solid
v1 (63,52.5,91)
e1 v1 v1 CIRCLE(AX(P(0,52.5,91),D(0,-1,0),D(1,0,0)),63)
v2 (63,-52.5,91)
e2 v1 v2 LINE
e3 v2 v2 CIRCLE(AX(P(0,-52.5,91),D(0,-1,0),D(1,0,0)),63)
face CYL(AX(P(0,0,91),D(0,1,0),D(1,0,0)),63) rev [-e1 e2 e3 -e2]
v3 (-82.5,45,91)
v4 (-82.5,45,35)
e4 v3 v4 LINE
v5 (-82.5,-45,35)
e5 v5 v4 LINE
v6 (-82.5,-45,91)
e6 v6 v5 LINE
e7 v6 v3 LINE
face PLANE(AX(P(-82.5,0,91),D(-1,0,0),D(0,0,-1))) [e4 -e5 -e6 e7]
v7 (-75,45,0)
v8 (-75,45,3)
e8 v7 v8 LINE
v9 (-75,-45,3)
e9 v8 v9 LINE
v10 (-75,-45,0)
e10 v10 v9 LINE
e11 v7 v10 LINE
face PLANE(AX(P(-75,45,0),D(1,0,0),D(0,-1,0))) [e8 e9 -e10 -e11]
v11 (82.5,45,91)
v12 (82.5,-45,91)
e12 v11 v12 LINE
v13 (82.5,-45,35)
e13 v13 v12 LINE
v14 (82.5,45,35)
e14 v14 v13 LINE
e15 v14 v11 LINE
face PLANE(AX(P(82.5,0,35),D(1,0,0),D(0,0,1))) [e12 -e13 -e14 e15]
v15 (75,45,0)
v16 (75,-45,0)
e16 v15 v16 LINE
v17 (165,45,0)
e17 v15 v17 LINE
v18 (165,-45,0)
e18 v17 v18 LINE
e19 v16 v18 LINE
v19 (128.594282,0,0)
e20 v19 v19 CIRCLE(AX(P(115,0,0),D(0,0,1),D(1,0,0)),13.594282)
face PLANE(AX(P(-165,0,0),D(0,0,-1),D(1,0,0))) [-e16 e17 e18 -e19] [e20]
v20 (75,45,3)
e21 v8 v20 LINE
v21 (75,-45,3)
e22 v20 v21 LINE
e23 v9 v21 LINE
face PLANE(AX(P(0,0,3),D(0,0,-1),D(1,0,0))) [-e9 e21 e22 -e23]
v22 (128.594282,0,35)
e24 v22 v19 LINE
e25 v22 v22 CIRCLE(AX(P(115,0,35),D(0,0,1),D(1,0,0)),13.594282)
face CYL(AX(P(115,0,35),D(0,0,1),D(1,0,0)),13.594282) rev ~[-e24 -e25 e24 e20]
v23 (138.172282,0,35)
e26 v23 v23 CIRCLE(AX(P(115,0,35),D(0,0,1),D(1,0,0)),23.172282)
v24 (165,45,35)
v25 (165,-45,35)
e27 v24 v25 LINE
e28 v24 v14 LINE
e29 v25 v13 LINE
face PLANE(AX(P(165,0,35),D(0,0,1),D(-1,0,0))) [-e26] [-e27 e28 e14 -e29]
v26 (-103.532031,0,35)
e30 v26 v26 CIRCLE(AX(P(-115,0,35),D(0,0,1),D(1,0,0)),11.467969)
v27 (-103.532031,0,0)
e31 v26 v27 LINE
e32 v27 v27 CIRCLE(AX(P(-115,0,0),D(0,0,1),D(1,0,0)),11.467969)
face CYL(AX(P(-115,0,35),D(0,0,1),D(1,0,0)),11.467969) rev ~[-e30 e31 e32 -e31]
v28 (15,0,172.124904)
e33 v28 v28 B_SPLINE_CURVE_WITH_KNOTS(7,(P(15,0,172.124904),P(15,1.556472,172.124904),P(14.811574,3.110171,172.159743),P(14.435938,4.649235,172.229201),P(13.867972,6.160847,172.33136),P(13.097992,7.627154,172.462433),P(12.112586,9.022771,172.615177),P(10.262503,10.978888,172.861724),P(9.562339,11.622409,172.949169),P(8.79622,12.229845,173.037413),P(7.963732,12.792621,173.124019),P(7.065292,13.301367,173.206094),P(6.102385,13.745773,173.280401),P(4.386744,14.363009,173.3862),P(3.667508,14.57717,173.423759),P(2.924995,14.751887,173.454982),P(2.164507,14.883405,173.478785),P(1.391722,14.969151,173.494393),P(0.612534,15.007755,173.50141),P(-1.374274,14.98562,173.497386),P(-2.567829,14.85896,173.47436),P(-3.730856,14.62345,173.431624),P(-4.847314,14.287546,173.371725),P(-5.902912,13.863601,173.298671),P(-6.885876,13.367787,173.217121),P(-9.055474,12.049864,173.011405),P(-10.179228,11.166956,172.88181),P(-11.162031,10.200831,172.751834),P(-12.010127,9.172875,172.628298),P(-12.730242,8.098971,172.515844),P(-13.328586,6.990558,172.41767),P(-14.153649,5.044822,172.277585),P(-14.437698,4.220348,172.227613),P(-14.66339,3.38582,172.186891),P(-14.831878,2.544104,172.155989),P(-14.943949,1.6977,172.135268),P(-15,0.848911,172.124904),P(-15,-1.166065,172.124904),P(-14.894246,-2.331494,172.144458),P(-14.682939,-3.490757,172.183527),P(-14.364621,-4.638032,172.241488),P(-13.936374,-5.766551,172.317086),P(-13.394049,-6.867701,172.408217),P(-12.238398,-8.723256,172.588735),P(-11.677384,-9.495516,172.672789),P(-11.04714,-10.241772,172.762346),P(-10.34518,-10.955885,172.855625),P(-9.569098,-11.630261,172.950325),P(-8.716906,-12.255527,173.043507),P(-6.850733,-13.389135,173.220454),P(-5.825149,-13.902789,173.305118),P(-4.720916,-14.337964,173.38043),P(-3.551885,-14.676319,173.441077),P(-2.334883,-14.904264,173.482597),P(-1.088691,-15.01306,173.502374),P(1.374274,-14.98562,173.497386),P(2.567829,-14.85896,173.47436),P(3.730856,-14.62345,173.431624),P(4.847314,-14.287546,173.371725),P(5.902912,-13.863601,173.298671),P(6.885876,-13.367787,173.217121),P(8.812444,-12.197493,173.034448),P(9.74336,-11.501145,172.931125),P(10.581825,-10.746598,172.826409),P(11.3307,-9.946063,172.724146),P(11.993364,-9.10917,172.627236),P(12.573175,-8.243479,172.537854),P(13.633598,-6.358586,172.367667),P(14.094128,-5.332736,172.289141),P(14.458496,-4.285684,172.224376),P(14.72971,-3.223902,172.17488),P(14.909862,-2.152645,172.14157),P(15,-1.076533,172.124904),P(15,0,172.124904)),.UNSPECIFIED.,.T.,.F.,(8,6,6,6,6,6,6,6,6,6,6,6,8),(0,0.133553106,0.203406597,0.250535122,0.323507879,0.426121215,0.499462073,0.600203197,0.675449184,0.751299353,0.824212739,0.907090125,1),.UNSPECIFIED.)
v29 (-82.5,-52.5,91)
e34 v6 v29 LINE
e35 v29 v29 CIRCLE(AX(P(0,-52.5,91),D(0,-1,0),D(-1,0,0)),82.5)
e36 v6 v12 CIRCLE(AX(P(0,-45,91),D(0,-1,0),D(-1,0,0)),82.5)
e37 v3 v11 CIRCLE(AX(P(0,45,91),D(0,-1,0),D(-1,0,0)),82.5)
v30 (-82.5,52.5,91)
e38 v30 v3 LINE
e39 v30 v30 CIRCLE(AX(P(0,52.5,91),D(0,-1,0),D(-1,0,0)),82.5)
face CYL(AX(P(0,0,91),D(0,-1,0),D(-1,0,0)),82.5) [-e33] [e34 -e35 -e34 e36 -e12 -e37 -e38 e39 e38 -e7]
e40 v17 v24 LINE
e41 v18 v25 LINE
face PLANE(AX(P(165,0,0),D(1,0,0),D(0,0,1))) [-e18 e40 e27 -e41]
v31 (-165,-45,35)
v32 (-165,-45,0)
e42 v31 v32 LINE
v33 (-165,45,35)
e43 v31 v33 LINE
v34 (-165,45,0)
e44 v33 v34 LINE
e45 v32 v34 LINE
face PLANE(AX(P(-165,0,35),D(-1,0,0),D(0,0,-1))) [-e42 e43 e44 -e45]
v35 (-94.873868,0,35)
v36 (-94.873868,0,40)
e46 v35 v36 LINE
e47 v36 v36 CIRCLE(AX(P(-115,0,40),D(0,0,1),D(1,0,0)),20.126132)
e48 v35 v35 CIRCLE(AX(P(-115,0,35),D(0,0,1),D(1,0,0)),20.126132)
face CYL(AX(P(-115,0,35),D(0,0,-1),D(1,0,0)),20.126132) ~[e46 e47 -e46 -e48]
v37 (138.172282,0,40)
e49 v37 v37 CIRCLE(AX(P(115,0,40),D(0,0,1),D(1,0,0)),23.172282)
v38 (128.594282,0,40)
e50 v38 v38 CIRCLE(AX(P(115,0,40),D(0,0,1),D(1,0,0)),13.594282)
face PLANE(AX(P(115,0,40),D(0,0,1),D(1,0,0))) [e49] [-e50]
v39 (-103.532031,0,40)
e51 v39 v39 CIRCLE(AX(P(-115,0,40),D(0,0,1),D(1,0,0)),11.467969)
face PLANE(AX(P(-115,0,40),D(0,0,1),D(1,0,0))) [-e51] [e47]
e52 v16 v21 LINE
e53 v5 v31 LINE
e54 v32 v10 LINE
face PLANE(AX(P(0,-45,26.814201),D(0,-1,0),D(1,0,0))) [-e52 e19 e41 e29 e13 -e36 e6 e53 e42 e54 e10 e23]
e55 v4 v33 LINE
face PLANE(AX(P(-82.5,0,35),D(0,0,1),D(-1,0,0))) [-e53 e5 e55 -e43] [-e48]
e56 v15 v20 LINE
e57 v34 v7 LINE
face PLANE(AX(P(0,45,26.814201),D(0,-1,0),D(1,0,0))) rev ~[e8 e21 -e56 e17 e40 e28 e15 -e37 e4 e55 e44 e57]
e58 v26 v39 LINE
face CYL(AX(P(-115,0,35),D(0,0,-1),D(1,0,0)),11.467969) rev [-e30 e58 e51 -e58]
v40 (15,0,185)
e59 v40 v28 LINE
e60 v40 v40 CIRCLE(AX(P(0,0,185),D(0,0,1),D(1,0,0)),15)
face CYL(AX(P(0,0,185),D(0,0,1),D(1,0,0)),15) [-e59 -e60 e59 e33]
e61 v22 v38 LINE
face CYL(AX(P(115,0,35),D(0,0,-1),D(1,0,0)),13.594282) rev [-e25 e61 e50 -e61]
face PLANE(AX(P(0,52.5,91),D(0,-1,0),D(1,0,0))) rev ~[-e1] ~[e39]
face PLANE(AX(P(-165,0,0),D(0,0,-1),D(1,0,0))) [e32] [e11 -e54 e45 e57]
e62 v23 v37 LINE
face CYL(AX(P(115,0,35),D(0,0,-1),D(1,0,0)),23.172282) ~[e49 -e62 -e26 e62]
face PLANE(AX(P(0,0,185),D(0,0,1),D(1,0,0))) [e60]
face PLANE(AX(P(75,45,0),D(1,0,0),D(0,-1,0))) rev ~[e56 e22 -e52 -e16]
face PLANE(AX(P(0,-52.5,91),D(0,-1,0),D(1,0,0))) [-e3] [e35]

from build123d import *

# Parameters (mm, degrees)
F0_R      = 63
F1_DEPTH  = 52.5
F2_DEPTH  = 45
F3_R      = 13.5942815287
F4_DEPTH  = 50
F3_R_2    = 20.1261319814
F3_R_3    = 11.4679685697
F3_R_4    = 23.1722823774
F5_DEPTH  = 5
F6_DEPTH  = 50
F7_W      = 150
F7_H      = 90
F8_DEPTH  = 3
F10_R     = 15
F11_DEPTH = 25


with BuildPart() as f1:
    # F0 (on Front) → F1 (new body, symmetric)
    with BuildSketch(Plane.XZ):
        with BuildLine():
            ThreePointArc((82.5, 91), (0, 173.5), (-82.5, 91))
            ThreePointArc((-82.5, 91), (0, 8.5), (82.5, 91))
        make_face()
        with Locations((0, 91)):
            Circle(F0_R, mode=Mode.SUBTRACT)
    extrude(amount=F1_DEPTH, both=True)

    # F0 (on Front) → F2 (join, symmetric)
    with BuildSketch(Plane.XZ):
        with BuildLine():
            Line((-165, 0), (0, 0))
            Line((0, 0), (165, 0))
            Line((165, 0), (165, 35))
            Line((165, 35), (82.5, 35))
            Line((82.5, 35), (82.5, 91))
            ThreePointArc((82.5, 91), (0, 8.5), (-82.5, 91))
            Line((-82.5, 91), (-82.5, 35))
            Line((-82.5, 35), (-165, 35))
            Line((-165, 35), (-165, 0))
        make_face()
        with BuildLine():
            ThreePointArc((82.5, 91), (0, 173.5), (-82.5, 91))
            ThreePointArc((-82.5, 91), (0, 8.5), (82.5, 91))
        make_face()
        with Locations((0, 91)):
            Circle(F0_R, mode=Mode.SUBTRACT)
    extrude(amount=F2_DEPTH, both=True)

    # F3 (on face) → F4 (cut)
    with BuildSketch(Plane.XY.offset(35)):
        with Locations((115, 0)):
            Circle(F3_R)
    extrude(amount=-F4_DEPTH, mode=Mode.SUBTRACT)

    # F3 (on face) → F5 (join)
    with BuildSketch(Plane.XY.offset(35)):
        with Locations((-115, 0)):
            Circle(F3_R_2)
        with Locations((-115, 0)):
            Circle(F3_R_3, mode=Mode.SUBTRACT)
        with Locations((115, 0)):
            Circle(F3_R_4)
        with Locations((115, 0)):
            Circle(F3_R, mode=Mode.SUBTRACT)
    extrude(amount=F5_DEPTH)

    # F6 (cut): a face of the model
    f6_faces = [f1.faces().sort_by_distance(p)[0] for p in [
        (-115, 0, 35),
    ]]
    extrude(f6_faces, amount=-F6_DEPTH, mode=Mode.SUBTRACT)

    # F7 (on face) → F8 (cut)
    with BuildSketch(Plane(origin=(0, 0, 0), x_dir=(1, 0, 0), z_dir=(0, 0, -1))):
        Rectangle(F7_W, F7_H)
    extrude(amount=-F8_DEPTH, mode=Mode.SUBTRACT)

    # F10 (on offset) → F11 (join)
    with BuildSketch(Plane.XY.offset(185)):
        Circle(F10_R)
    extrude(amount=-F11_DEPTH)


solid = f1.part
